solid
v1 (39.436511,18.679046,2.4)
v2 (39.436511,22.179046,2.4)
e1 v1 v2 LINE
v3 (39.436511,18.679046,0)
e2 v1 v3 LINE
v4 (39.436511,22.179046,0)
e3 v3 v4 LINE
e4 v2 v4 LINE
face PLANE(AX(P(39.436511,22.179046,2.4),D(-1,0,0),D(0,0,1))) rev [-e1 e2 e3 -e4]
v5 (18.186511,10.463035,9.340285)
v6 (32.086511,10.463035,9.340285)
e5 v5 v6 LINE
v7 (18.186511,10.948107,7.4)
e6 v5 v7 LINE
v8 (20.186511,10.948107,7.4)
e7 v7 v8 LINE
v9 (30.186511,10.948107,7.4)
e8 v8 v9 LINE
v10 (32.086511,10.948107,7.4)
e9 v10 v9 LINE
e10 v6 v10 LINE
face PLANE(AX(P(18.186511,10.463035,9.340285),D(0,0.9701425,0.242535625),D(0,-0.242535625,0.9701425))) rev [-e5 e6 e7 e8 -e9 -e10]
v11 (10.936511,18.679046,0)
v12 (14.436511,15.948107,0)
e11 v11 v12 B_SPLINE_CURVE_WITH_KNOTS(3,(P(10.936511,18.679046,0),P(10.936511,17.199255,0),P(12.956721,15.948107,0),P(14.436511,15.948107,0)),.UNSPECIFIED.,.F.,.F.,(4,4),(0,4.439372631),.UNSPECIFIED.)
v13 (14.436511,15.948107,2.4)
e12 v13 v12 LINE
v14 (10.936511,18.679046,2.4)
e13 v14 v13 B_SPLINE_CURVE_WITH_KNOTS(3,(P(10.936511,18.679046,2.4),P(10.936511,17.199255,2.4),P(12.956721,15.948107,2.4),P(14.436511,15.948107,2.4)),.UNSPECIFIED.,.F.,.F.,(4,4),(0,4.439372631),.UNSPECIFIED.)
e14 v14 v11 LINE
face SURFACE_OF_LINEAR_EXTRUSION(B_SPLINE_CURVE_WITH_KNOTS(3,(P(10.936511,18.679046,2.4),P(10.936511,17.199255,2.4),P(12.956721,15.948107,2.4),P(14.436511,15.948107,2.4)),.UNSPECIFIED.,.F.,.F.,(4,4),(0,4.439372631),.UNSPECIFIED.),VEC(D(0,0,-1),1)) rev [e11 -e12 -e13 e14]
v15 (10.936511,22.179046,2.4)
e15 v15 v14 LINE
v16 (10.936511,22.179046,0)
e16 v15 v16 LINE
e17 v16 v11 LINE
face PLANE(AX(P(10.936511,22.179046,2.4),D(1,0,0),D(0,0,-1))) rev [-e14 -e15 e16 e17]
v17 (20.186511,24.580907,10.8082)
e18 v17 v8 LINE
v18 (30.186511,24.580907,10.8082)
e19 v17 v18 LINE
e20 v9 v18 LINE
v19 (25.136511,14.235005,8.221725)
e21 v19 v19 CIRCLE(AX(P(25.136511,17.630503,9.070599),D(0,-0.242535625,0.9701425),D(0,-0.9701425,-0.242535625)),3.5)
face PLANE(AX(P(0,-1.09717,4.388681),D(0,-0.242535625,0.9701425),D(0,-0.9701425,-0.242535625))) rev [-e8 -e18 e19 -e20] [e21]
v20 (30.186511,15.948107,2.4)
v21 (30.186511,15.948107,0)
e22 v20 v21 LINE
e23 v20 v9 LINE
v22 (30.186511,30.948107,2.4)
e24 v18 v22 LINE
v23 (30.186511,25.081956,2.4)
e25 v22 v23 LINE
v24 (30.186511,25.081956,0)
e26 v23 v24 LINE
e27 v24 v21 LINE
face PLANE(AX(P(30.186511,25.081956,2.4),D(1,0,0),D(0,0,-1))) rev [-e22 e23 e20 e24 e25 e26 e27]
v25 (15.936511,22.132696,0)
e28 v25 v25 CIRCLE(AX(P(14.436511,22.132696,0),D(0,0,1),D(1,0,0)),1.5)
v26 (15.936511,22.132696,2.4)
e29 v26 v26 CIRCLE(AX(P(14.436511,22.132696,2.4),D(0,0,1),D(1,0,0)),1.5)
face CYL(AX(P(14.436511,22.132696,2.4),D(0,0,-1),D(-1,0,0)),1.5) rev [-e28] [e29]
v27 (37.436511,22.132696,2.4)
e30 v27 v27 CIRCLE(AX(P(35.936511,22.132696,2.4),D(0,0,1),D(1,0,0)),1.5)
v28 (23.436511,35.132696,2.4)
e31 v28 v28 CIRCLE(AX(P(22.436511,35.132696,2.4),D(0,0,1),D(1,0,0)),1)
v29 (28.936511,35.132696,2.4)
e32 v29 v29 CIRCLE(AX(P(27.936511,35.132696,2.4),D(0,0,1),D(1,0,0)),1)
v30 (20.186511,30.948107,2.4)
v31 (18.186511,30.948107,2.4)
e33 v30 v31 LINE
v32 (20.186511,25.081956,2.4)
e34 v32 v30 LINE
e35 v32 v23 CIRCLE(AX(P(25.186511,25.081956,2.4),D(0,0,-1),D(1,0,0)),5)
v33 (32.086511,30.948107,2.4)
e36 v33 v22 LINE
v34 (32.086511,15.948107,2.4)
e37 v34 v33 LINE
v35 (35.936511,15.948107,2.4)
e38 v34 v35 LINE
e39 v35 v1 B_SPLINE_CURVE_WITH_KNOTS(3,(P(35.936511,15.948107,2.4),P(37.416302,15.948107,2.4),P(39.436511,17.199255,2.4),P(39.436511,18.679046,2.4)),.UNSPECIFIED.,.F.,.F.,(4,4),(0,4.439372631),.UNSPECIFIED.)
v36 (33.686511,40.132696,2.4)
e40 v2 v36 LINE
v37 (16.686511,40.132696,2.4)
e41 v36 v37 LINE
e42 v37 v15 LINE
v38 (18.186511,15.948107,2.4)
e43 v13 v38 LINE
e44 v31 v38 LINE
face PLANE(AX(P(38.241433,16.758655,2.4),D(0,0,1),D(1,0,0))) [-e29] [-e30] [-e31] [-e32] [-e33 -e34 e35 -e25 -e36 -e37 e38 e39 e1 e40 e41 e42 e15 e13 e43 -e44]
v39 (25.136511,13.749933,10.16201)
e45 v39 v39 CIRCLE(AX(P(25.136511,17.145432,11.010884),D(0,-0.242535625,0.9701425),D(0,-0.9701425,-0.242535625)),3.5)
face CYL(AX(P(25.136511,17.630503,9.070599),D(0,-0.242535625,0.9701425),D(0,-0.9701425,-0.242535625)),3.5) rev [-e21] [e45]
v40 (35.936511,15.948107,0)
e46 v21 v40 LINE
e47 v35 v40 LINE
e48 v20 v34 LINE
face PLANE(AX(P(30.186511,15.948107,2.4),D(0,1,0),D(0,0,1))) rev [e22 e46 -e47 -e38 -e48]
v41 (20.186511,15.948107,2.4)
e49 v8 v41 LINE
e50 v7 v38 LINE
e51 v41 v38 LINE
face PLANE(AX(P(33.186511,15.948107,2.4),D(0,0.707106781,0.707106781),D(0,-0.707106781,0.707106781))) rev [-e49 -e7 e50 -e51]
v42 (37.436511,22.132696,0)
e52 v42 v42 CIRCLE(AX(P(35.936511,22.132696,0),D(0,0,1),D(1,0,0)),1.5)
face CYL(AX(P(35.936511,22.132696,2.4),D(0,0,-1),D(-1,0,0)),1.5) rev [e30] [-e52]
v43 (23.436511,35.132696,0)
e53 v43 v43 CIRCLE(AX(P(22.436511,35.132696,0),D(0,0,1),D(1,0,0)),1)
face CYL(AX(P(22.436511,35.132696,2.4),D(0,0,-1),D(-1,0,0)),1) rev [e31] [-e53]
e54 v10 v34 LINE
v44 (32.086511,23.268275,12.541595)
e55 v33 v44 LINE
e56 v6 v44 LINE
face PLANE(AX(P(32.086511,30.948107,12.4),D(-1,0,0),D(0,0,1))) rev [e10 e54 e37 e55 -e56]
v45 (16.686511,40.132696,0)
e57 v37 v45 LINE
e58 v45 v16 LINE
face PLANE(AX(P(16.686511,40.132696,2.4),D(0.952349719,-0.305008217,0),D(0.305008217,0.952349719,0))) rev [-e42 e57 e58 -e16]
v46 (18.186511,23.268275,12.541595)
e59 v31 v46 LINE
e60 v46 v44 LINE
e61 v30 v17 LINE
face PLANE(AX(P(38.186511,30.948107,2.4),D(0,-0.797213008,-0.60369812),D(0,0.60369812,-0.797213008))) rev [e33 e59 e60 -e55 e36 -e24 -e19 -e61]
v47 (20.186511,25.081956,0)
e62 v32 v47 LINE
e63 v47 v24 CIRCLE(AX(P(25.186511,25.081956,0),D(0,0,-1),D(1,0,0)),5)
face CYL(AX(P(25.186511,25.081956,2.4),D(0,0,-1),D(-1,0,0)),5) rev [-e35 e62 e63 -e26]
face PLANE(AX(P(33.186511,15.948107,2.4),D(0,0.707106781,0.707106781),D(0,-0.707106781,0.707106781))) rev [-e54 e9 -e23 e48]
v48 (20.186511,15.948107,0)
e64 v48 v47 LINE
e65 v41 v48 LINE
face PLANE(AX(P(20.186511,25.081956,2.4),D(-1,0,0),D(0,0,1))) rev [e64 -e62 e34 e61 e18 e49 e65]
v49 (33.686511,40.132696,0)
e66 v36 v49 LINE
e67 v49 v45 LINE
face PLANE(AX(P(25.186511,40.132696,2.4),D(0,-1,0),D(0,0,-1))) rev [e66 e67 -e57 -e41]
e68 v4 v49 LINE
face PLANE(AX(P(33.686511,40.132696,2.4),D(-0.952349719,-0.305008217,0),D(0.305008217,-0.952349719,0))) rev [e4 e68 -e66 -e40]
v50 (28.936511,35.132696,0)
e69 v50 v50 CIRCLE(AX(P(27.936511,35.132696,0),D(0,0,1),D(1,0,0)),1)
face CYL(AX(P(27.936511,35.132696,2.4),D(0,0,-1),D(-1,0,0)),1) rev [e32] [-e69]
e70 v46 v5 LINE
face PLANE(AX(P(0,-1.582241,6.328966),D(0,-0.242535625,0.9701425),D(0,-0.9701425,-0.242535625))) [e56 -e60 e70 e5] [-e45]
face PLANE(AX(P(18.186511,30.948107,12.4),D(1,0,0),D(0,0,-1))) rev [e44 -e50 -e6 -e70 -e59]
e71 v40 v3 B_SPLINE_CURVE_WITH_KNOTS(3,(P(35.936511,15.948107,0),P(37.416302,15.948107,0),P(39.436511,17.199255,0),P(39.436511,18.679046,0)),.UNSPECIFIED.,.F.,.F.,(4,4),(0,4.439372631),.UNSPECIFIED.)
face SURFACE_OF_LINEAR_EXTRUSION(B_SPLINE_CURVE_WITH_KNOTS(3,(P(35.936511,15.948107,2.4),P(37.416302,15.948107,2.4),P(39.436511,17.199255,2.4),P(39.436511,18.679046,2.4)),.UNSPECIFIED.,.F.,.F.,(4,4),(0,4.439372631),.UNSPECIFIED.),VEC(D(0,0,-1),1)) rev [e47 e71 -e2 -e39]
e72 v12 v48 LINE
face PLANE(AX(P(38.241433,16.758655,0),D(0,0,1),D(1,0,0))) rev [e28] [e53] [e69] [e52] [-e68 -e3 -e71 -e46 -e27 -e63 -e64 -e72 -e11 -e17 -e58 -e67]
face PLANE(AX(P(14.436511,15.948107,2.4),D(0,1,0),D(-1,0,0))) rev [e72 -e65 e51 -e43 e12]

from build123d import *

# Parameters (mm, degrees)
SKETCH_1_R          = 1.5
SKETCH_1_R_2        = 1
EXTRUDE_2_DEPTH     = 2.4
SKETCH_2_W          = 1.9
SKETCH_2_H          = 20
SKETCH_2_W_2        = 2
EXTRUDE_3_DEPTH     = 10
CUT_EXTRUDE_1_DEPTH = 15
CUT_EXTRUDE_2_DEPTH = 20
SKETCH_8_W          = 13.9
SKETCH_8_H          = 20.615528128
EXTRUDE_5_DEPTH     = 2
SKETCH_9_R          = 3.5
CUT_EXTRUDE_4_DEPTH = 2
CUT_EXTRUDE_5_DEPTH = 20


with BuildPart() as part:
    # 草图1 → 凸台-拉伸2 (new body)
    with BuildSketch(Plane.XY):
        with BuildLine():
            Line((14.436511473, 15.948106541), (20.186511473, 15.948106541))
            Line((20.186511473, 15.948106541), (20.186511473, 25.081955572))
            ThreePointArc((20.186511473, 25.081955572), (25.186511473, 30.081955572), (30.186511473, 25.081955572))
            Line((30.186511473, 25.081955572), (30.186511473, 15.948106541))
            Line((30.186511473, 15.948106541), (35.936511473, 15.948106541))
            add(Edge.make_bspline(
                [(39.436511473, 18.679045823), (39.436511473, 17.199254946), (37.41630235, 15.948106541), (35.936511473, 15.948106541)],
                knots=[0, 0, 0, 0, 4.439372631, 4.439372631, 4.439372631, 4.439372631], degree=3))
            Line((39.436511473, 18.679045823), (39.436511473, 22.179045823))
            Line((39.436511473, 22.179045823), (33.686511473, 40.132696196))
            Line((33.686511473, 40.132696196), (25.186511473, 40.132696196))
            Line((25.186511473, 40.132696196), (16.686511473, 40.132696196))
            Line((16.686511473, 40.132696196), (10.936511473, 22.179045823))
            Line((10.936511473, 22.179045823), (10.936511473, 18.679045823))
            add(Edge.make_bspline(
                [(10.936511473, 18.679045823), (10.936511473, 17.199254946), (12.956720596, 15.948106541), (14.436511473, 15.948106541)],
                knots=[0, 0, 0, 0, 4.439372631, 4.439372631, 4.439372631, 4.439372631], degree=3))
        make_face()
        with Locations((14.436511473, 22.132696196)):
            Circle(SKETCH_1_R, mode=Mode.SUBTRACT)
        with Locations((35.936511473, 22.132696196)):
            Circle(SKETCH_1_R, mode=Mode.SUBTRACT)
        with Locations((27.936511473, 35.132696196)):
            Circle(SKETCH_1_R_2, mode=Mode.SUBTRACT)
        with Locations((22.436511473, 35.132696196)):
            Circle(SKETCH_1_R_2, mode=Mode.SUBTRACT)
    extrude(amount=EXTRUDE_2_DEPTH)

    # 草图2 → 凸台-拉伸3 (add)
    with BuildSketch(Plane.XY.offset(2.4)):
        with Locations((31.136511473, 20.948106541)):
            Rectangle(SKETCH_2_W, SKETCH_2_H)
        with Locations((19.186511473, 20.948106541)):
            Rectangle(SKETCH_2_W_2, SKETCH_2_H)
    extrude(amount=EXTRUDE_3_DEPTH)

    # 草图4 → 切除-拉伸1 (cut)
    with BuildSketch(Plane.ZY.offset(-18.186511473)):
        Polygon((2.4, 15.948106541), (7.4, 10.948106541), (2.4, 10.948106541), align=None)
    extrude(amount=-CUT_EXTRUDE_1_DEPTH, mode=Mode.SUBTRACT)

    # 草图5 → 切除-拉伸2 (cut)
    with BuildSketch(Plane.ZY.offset(-18.186511473)):
        Polygon((12.4, 10.948106541), (12.4, 30.948106541), (7.4, 10.948106541), align=None)
    extrude(amount=-CUT_EXTRUDE_2_DEPTH, mode=Mode.SUBTRACT)

    # 草图8 → 凸台-拉伸5 (add)
    with BuildSketch(Plane(origin=(0, -1.097170203, 4.388680814), x_dir=(1, 0, 0), z_dir=(0, -0.242535625, 0.9701425))):
        with Locations((25.136511473, 22.723751141)):
            Rectangle(SKETCH_8_W, SKETCH_8_H)
    extrude(amount=EXTRUDE_5_DEPTH)

    # 草图9 → 切除-拉伸4 (cut)
    with BuildSketch(Plane(origin=(0, -1.582241454, 6.328965814), x_dir=(1, 0, 0), z_dir=(0, -0.242535625, 0.9701425))):
        with Locations((25.136511473, 19.304044077)):
            Circle(SKETCH_9_R)
    extrude(amount=-CUT_EXTRUDE_4_DEPTH, mode=Mode.SUBTRACT)

    # 草图10 → 切除-拉伸5 (cut)
    with BuildSketch(Plane.ZY.offset(-18.186511473)):
        Polygon((2.4, 30.948106541), (12.541594878, 23.268274803), (18.273865584, 30.948106541), align=None)
    extrude(amount=-CUT_EXTRUDE_5_DEPTH, mode=Mode.SUBTRACT)


solid = part.part
